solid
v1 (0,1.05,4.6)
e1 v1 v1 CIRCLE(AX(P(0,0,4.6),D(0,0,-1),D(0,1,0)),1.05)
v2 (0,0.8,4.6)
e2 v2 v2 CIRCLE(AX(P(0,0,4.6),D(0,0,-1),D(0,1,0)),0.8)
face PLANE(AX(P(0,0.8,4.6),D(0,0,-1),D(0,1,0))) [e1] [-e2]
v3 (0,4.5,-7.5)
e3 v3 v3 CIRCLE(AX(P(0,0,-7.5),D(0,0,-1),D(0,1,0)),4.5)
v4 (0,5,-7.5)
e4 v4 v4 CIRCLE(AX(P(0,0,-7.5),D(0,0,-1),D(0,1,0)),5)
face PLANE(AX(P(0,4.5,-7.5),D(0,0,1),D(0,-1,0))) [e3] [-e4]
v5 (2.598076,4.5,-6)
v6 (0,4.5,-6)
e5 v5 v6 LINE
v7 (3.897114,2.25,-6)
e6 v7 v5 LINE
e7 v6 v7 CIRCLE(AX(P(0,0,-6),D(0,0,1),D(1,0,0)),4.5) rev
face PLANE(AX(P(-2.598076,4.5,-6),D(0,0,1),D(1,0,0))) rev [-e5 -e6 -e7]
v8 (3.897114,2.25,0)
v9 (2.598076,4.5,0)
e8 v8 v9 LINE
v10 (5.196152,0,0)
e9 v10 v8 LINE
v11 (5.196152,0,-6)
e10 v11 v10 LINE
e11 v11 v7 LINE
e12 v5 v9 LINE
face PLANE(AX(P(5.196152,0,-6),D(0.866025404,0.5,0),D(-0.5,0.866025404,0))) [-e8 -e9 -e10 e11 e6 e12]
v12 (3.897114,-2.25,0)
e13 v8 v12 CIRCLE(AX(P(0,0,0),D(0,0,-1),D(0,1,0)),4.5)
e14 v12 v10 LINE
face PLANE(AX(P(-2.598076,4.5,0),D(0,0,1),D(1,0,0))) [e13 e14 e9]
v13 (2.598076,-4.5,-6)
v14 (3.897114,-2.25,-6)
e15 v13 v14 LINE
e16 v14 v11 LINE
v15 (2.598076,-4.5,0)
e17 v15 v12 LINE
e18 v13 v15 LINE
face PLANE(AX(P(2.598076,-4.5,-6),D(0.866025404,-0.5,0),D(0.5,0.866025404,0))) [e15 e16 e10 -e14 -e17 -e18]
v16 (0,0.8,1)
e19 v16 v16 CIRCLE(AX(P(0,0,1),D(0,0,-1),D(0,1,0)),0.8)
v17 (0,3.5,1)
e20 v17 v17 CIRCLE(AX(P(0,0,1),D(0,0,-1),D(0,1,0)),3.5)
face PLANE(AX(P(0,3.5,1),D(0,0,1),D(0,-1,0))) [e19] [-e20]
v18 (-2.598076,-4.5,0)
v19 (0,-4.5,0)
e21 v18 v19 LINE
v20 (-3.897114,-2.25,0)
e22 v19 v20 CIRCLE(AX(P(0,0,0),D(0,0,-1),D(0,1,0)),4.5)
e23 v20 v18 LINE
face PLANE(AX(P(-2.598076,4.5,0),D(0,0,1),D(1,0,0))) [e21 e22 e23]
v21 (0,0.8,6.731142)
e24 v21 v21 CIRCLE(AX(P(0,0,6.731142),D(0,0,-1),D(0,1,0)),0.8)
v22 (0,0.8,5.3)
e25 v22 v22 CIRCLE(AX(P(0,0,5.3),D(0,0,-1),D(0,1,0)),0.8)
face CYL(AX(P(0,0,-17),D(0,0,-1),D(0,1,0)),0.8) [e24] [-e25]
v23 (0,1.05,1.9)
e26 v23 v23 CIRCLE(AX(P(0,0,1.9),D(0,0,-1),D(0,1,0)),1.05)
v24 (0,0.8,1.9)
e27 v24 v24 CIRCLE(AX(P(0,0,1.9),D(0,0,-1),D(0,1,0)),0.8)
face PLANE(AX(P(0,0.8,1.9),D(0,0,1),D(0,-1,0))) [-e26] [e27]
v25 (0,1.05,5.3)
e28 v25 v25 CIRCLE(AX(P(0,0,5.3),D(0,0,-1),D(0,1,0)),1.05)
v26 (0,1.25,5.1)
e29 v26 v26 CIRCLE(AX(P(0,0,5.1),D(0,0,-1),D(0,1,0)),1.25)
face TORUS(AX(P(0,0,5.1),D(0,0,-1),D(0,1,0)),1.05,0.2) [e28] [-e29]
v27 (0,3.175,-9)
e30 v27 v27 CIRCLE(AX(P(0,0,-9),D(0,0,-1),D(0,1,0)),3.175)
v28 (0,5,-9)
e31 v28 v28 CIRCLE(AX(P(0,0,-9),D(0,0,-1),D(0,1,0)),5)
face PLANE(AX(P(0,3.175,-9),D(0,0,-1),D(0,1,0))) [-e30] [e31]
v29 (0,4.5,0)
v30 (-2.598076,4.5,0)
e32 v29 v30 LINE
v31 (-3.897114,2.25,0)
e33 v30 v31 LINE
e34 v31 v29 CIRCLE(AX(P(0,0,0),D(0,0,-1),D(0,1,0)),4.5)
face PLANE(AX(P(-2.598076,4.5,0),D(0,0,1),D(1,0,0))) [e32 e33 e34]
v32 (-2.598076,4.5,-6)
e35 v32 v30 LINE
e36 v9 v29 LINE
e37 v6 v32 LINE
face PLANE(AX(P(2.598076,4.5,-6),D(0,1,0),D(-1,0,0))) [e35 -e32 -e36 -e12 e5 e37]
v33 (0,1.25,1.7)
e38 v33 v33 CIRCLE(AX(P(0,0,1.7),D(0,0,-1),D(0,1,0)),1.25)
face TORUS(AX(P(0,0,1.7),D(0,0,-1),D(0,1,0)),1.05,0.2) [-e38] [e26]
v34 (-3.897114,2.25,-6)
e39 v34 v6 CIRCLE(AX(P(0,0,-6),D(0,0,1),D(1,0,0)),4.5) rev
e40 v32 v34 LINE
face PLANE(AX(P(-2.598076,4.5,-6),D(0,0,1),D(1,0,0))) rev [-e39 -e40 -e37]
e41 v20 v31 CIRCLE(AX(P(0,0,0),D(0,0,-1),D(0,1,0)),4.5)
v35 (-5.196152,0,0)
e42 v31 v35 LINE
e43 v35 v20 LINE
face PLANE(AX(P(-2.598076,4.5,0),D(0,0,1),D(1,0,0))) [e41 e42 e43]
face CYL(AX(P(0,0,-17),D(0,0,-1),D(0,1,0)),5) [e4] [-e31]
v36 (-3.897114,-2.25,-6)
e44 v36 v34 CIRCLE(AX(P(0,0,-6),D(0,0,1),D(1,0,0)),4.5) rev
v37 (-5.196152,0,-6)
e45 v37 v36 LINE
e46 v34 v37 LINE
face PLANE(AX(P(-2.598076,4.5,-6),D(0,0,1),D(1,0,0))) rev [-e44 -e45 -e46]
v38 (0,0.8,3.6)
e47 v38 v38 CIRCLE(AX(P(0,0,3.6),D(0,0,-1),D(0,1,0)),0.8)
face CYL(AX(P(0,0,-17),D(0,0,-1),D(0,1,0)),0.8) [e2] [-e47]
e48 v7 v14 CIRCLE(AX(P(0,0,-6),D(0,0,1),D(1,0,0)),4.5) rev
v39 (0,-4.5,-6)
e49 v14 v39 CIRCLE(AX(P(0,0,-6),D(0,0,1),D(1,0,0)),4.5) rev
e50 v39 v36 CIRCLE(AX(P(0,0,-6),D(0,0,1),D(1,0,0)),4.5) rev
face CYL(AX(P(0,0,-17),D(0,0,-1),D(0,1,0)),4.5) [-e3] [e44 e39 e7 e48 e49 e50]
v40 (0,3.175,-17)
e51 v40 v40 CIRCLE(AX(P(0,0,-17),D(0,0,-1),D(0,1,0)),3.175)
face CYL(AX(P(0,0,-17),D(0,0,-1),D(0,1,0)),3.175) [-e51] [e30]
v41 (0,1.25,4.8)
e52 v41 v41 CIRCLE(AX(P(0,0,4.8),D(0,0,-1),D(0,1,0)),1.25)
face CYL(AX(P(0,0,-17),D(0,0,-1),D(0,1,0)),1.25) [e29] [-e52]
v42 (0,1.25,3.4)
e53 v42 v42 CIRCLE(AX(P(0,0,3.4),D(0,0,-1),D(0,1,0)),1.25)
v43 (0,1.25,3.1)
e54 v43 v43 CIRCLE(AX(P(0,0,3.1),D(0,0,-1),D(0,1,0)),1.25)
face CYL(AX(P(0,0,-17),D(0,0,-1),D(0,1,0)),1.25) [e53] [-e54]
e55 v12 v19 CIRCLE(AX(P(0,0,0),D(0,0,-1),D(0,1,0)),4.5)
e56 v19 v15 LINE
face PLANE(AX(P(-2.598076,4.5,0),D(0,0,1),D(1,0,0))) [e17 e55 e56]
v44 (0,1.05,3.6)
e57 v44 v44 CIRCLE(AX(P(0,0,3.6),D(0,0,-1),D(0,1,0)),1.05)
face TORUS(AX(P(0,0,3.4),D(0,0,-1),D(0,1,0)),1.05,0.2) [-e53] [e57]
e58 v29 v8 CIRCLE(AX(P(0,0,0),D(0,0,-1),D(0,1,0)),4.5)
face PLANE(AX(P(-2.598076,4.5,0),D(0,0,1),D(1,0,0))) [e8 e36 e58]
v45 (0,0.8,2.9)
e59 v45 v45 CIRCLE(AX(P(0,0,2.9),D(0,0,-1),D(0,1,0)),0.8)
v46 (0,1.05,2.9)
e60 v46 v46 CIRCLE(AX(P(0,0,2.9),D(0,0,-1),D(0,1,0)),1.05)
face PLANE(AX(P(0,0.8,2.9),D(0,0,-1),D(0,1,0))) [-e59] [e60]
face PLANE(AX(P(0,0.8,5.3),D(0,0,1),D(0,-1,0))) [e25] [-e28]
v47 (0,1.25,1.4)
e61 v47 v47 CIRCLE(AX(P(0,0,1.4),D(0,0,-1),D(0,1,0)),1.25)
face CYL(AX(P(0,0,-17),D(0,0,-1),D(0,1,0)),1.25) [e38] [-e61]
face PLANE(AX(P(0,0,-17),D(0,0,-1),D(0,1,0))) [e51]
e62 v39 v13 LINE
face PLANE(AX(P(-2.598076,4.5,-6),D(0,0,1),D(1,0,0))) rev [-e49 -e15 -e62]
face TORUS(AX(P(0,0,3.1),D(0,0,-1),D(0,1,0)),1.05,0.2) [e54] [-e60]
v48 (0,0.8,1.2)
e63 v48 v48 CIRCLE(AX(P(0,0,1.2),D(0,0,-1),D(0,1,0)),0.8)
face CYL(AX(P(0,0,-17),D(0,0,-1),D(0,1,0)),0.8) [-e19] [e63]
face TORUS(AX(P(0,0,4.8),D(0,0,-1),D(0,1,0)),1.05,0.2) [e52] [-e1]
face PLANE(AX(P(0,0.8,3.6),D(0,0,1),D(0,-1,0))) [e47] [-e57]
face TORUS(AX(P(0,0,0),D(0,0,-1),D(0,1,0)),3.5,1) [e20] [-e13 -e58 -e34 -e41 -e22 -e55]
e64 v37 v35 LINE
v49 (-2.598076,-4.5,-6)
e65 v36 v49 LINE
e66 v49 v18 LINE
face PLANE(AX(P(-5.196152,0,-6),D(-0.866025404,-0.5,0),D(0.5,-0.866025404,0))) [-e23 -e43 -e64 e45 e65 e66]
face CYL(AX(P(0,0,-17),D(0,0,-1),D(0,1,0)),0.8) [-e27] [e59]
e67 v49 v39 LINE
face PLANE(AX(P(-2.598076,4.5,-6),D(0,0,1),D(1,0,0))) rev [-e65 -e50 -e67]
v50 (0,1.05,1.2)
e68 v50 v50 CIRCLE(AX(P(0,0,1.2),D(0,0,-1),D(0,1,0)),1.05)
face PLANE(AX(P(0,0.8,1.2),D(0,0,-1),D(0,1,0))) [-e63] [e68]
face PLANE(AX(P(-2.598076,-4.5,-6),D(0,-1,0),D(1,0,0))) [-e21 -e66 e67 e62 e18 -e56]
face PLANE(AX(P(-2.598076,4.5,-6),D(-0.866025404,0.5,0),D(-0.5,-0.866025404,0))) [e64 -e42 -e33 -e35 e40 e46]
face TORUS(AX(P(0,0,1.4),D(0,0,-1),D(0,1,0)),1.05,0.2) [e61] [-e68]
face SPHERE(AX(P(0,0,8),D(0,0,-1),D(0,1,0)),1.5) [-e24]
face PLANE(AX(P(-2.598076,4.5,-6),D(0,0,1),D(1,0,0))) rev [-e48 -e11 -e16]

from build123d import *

# Parameters (mm, degrees)
BOSS_EXTRUDE1_DEPTH = 6


with BuildPart() as part:
    # Sketch1 → Revolve1 (revolve)
    with BuildSketch(Plane(origin=(0, 0, 0), x_dir=(0, 0, -1), z_dir=(1, 0, 0))):
        with BuildLine():
            Line((17, 0), (17, 3.175))
            Line((17, 3.175), (9, 3.175))
            Line((9, 3.175), (9, 5))
            Line((9, 5), (7.5, 5))
            Line((7.5, 5), (7.5, 4.5))
            Line((7.5, 4.5), (0, 4.5))
            ThreePointArc((0, 4.5), (-0.707106781, 4.207106781), (-1, 3.5))
            Line((-1, 3.5), (-1, 0.8))
            Line((-1, 0.8), (-1.2, 0.8))
            Line((-1.2, 0.8), (-1.2, 1.05))
            ThreePointArc((-1.2, 1.05), (-1.258578644, 1.191421356), (-1.4, 1.25))
            Line((-1.4, 1.25), (-1.7, 1.25))
            ThreePointArc((-1.7, 1.25), (-1.841421356, 1.191421356), (-1.9, 1.05))
            Line((-1.9, 1.05), (-1.9, 0.8))
            Line((-1.9, 0.8), (-2.9, 0.8))
            Line((-2.9, 0.8), (-2.9, 1.05))
            ThreePointArc((-2.9, 1.05), (-2.958578644, 1.191421356), (-3.1, 1.25))
            Line((-3.1, 1.25), (-3.4, 1.25))
            ThreePointArc((-3.4, 1.25), (-3.541421356, 1.191421356), (-3.6, 1.05))
            Line((-3.6, 1.05), (-3.6, 0.8))
            Line((-3.6, 0.8), (-4.6, 0.8))
            Line((-4.6, 0.8), (-4.6, 1.05))
            ThreePointArc((-4.6, 1.05), (-4.658578644, 1.191421356), (-4.8, 1.25))
            Line((-4.8, 1.25), (-5.1, 1.25))
            ThreePointArc((-5.1, 1.25), (-5.241421356, 1.191421356), (-5.3, 1.05))
            Line((-5.3, 1.05), (-5.3, 0.8))
            Line((-5.3, 0.8), (-6.731142246, 0.8))
            ThreePointArc((-6.731142246, 0.8), (-8.416361243, 1.441056319), (-9.5, 0))
            Line((-9.5, 0), (17, 0))
        make_face()
    revolve(axis=Axis((0, 0, -17), (0, 0, 1)))

    # Sketch2 → Boss-Extrude1 (add)
    with BuildSketch(Plane.XY):
        Polygon((-2.598076211, 4.5), (-5.196152423, 0), (-2.598076211, -4.5), (2.598076211, -4.5), (5.196152423, 0), (2.598076211, 4.5), align=None)
    extrude(amount=-BOSS_EXTRUDE1_DEPTH)


solid = part.part
